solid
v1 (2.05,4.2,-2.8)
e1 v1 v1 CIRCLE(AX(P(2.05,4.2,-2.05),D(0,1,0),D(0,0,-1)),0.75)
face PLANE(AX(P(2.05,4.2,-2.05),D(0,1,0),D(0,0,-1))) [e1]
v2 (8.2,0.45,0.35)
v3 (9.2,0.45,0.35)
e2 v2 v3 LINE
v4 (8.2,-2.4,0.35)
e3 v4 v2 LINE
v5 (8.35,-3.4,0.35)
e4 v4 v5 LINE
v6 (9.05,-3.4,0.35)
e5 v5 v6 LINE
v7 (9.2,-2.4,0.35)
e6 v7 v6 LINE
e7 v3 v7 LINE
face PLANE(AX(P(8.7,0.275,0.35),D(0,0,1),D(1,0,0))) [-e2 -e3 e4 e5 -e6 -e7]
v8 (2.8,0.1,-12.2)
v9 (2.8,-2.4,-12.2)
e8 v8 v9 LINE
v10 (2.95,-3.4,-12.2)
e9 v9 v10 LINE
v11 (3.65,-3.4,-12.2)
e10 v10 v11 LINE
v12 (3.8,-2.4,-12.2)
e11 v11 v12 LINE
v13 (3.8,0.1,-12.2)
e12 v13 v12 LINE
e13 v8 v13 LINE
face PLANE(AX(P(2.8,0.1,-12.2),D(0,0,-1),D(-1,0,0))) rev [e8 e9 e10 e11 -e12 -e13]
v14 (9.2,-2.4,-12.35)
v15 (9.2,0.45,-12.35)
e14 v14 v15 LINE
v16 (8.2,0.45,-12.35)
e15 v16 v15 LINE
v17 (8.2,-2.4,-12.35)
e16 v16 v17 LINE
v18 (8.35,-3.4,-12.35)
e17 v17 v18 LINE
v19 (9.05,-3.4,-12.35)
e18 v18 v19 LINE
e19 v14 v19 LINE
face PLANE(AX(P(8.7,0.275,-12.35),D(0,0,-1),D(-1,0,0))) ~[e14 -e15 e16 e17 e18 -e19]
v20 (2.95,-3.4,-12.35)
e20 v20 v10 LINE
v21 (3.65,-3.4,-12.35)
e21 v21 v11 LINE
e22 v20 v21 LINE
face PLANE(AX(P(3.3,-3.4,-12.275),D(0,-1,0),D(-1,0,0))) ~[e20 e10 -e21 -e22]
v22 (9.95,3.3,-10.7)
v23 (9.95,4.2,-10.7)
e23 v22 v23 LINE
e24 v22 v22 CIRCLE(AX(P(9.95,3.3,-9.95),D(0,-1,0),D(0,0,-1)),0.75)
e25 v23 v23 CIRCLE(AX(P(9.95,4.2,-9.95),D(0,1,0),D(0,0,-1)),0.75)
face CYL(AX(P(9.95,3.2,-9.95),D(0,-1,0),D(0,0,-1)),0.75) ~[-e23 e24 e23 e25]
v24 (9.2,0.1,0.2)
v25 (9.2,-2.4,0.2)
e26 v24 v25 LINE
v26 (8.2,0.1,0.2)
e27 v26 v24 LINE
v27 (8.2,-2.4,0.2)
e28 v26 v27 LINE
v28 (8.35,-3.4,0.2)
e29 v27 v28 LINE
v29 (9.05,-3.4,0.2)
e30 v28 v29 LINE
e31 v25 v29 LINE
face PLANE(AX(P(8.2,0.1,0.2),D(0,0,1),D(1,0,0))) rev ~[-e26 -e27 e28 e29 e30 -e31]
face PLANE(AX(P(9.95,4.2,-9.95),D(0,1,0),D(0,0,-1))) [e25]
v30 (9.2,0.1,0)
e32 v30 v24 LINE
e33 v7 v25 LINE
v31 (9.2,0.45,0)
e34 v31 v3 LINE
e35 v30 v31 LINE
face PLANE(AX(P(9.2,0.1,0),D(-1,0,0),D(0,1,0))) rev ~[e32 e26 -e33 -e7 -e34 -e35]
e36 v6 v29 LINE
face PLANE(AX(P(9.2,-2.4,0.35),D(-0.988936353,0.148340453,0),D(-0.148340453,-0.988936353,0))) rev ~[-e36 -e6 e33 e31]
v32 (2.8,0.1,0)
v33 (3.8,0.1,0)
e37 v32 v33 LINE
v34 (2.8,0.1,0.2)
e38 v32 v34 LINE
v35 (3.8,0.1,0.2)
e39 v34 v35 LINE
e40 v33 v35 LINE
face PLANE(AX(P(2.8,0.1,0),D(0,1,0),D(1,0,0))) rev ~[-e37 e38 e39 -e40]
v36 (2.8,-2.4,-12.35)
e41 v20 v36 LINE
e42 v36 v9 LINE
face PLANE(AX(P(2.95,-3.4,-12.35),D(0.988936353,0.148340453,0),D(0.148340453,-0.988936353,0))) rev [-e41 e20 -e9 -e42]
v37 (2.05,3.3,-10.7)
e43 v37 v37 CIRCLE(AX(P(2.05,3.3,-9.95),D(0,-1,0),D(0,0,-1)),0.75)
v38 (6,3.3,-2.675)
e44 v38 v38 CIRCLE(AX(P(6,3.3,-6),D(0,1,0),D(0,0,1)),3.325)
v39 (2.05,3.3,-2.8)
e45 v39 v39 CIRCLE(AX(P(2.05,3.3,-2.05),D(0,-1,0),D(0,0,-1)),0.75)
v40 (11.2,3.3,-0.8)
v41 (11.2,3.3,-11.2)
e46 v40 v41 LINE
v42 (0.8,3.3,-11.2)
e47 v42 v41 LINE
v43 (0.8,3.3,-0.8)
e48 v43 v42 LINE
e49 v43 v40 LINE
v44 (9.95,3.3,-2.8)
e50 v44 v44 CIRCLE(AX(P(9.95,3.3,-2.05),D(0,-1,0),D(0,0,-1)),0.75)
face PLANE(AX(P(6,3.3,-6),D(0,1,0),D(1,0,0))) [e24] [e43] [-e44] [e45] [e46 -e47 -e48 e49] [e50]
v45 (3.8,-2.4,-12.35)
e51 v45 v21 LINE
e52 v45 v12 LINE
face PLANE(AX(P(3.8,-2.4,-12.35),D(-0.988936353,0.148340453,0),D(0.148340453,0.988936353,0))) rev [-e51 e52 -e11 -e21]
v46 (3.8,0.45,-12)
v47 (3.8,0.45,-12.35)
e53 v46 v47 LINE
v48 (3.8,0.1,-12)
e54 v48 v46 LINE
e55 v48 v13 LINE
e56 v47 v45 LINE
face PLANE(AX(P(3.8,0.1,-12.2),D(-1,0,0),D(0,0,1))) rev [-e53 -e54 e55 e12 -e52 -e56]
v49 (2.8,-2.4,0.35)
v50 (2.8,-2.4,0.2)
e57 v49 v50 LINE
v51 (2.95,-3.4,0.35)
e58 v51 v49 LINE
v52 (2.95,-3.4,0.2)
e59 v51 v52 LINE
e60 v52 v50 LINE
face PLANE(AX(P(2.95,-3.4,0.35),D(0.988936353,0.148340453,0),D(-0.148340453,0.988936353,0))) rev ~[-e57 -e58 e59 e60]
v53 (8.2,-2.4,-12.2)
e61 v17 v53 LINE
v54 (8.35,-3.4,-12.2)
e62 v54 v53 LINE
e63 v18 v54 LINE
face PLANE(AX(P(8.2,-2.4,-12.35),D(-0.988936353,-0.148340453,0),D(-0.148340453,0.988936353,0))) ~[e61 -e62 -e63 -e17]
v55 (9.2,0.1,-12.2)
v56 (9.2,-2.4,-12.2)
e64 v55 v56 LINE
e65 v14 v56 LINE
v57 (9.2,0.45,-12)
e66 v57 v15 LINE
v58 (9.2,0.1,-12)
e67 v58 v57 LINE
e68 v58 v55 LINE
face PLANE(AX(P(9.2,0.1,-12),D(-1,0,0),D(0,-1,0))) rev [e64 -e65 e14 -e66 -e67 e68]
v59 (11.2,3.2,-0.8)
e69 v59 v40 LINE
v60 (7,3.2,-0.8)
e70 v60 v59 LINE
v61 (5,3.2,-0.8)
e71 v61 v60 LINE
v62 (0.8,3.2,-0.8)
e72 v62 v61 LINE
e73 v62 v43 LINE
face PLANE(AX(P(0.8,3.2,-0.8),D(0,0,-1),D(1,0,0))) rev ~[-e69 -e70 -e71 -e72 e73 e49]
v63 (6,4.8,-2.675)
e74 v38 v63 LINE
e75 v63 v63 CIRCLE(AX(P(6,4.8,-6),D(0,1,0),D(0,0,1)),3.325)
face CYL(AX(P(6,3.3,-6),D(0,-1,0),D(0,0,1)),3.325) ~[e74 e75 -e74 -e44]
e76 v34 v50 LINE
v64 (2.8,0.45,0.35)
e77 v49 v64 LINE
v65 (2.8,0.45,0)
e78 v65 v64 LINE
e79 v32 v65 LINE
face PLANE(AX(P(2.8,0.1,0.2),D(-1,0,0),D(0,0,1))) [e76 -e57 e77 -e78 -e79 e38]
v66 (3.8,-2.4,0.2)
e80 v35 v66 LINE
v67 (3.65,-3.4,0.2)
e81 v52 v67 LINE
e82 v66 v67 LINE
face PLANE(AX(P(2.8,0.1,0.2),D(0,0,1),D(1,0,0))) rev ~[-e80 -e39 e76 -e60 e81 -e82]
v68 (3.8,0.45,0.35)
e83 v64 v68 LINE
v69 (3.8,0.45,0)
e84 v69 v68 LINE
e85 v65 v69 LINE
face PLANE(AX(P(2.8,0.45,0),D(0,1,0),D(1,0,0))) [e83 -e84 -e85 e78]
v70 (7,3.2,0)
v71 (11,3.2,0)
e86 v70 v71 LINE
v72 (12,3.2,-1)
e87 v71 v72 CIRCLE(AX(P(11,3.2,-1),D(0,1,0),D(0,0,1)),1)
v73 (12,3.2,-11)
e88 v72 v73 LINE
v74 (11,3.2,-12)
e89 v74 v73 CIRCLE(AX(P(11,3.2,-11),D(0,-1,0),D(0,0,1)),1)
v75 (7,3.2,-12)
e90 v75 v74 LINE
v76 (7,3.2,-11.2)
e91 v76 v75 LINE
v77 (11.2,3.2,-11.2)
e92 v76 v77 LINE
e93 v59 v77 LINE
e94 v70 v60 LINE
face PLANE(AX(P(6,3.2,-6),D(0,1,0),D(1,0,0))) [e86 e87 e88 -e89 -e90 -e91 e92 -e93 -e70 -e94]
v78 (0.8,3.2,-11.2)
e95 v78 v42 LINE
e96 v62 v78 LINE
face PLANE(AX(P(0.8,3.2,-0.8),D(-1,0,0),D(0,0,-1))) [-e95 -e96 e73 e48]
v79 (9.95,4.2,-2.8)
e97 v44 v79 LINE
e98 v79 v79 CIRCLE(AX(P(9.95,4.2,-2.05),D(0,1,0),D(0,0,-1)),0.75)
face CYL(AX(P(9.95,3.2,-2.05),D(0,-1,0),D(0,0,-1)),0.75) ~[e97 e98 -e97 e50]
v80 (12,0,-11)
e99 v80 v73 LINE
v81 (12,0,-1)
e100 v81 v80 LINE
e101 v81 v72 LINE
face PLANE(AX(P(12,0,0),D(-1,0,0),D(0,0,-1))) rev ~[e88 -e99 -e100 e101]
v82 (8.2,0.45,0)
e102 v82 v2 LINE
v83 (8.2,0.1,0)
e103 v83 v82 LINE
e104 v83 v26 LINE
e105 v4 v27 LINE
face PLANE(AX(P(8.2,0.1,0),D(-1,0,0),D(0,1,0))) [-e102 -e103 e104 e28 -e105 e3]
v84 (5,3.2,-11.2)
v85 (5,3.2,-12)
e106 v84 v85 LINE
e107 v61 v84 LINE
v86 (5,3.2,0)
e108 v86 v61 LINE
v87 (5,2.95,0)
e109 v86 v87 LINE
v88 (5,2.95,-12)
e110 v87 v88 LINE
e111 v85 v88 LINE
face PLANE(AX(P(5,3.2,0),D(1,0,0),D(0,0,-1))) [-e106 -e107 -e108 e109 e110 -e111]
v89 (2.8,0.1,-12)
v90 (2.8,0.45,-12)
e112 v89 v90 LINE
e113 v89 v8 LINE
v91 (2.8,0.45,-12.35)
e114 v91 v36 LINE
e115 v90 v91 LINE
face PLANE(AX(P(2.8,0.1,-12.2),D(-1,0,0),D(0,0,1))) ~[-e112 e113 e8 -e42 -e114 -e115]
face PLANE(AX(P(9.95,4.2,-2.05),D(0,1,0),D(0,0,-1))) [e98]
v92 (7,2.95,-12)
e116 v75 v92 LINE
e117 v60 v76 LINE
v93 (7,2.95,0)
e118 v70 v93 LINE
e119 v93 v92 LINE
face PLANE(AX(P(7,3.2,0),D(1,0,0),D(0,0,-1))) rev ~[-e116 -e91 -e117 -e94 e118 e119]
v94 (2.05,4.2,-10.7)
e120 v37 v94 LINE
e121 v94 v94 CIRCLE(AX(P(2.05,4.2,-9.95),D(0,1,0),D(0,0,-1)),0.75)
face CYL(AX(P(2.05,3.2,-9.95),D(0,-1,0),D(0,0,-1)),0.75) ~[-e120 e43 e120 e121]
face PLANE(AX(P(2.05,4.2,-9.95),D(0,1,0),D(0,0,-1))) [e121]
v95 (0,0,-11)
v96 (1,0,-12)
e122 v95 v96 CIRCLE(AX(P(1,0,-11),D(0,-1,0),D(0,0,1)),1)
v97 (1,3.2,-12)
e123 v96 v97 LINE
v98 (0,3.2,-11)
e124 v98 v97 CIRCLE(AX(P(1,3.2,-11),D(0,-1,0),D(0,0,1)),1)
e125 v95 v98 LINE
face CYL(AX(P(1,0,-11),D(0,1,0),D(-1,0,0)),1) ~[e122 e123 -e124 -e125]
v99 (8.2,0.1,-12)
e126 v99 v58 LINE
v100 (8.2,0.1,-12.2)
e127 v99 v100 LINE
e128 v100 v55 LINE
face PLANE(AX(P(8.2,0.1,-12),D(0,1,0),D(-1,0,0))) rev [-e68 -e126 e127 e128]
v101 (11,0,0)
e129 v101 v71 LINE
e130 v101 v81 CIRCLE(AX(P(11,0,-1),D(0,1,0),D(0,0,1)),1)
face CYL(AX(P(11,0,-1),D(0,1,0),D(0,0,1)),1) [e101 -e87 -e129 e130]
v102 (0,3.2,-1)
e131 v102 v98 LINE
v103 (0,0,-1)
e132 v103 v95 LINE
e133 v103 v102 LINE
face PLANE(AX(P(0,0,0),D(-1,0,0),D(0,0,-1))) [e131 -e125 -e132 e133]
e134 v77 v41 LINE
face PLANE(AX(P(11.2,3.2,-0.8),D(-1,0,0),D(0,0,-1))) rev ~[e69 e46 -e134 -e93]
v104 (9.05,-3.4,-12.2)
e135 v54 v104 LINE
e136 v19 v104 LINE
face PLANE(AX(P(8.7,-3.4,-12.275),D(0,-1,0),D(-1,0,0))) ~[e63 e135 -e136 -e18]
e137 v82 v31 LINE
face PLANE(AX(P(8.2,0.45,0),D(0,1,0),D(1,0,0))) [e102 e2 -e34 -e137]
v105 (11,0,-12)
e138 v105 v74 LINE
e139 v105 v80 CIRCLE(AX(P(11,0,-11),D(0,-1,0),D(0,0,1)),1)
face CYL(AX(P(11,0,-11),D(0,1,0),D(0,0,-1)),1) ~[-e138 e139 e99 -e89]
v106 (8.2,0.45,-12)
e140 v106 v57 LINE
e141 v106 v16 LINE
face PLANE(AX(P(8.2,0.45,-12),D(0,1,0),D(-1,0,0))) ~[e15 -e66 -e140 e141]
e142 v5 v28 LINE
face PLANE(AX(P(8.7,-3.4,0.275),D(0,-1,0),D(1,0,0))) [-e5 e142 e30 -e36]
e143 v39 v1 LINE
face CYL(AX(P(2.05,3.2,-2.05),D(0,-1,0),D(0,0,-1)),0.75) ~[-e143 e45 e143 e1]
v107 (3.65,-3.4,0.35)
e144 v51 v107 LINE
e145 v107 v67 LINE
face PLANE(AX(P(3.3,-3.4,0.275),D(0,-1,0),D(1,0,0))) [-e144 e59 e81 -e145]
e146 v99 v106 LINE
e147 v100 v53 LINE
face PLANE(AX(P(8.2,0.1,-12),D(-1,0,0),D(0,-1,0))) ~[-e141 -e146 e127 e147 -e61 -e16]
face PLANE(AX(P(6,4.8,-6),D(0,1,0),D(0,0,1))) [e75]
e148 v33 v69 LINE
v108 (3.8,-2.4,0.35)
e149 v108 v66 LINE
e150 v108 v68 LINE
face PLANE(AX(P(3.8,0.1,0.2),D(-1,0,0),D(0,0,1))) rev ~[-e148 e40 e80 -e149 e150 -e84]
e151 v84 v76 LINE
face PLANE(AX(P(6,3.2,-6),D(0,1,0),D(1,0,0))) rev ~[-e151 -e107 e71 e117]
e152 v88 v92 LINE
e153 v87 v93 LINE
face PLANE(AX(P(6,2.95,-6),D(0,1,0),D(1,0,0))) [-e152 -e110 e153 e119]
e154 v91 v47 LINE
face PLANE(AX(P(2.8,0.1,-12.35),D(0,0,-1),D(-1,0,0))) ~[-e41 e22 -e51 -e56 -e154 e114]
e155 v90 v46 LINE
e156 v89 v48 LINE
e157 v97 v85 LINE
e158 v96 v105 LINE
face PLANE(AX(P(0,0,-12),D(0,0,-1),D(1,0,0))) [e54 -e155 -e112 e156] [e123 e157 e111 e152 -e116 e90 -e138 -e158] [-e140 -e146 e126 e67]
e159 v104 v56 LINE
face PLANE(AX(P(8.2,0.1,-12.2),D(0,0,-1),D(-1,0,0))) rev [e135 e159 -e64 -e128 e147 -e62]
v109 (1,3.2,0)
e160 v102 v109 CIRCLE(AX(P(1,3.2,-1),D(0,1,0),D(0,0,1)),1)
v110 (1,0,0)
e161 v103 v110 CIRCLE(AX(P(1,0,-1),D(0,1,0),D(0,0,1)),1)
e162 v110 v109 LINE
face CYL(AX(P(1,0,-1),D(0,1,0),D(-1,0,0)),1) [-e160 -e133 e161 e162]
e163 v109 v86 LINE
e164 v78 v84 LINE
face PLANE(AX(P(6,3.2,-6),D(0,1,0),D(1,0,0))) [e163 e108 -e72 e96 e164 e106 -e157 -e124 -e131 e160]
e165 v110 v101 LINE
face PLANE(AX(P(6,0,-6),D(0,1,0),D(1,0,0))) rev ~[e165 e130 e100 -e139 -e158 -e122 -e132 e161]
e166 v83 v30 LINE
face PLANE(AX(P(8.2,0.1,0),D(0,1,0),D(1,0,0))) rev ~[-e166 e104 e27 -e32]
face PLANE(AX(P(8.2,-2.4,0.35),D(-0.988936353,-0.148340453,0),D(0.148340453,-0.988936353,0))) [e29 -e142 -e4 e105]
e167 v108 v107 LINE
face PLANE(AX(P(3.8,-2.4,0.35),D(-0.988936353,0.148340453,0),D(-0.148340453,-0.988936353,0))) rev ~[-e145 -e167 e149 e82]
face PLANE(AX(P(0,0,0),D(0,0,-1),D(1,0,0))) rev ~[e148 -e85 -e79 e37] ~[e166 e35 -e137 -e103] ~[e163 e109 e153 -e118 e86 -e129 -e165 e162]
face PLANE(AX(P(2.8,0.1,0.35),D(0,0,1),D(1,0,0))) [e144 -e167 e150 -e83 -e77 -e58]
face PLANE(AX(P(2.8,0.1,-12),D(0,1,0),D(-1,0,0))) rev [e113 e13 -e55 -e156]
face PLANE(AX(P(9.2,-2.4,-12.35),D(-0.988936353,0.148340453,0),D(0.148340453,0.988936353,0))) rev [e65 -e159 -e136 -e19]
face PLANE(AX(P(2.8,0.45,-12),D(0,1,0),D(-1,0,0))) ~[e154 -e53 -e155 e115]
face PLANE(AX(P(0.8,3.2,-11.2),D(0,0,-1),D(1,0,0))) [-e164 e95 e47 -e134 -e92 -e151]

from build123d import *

# Parameters (mm, degrees)
SKETCH1_W           = 12
SKETCH1_H           = 12
BOSS_EXTRUDE1_DEPTH = 3.2
SKETCH2_R           = 0.75
BOSS_EXTRUDE2_DEPTH = 1
SKETCH3_W           = 10.4
SKETCH3_H           = 10.4
BOSS_EXTRUDE3_DEPTH = 0.1
SKETCH4_R           = 3.325
BOSS_EXTRUDE4_DEPTH = 1.5
FILLET1_R           = 1
SKETCH5_W           = 2
SKETCH5_H           = 12
CUT_EXTRUDE1_DEPTH  = 0.25
SKETCH6_W           = 1
SKETCH6_H           = 0.35
BOSS_EXTRUDE5_DEPTH = 0.35
SKETCH7_W           = 1
SKETCH7_H           = 0.15
BOSS_EXTRUDE6_DEPTH = 3.5
CUT_EXTRUDE4_DEPTH  = 18.876311141


with BuildPart() as part:
    # Sketch1 → Boss-Extrude1 (new body)
    with BuildSketch(Plane(origin=(0, 0, 0), x_dir=(1, 0, 0), z_dir=(0, 1, 0))):
        with Locations((6, 6)):
            Rectangle(SKETCH1_W, SKETCH1_H)
    extrude(amount=BOSS_EXTRUDE1_DEPTH)

    # Sketch2 → Boss-Extrude2 (add)
    with BuildSketch(Plane(origin=(0, 3.2, 0), x_dir=(1, 0, 0), z_dir=(0, 1, 0))):
        with Locations((2.05, 9.95)):
            Circle(SKETCH2_R)
        with Locations((9.95, 9.95)):
            Circle(SKETCH2_R)
        with Locations((2.05, 2.05)):
            Circle(SKETCH2_R)
        with Locations((9.95, 2.05)):
            Circle(SKETCH2_R)
    extrude(amount=BOSS_EXTRUDE2_DEPTH)

    # Sketch3 → Boss-Extrude3 (add)
    with BuildSketch(Plane(origin=(0, 3.2, 0), x_dir=(1, 0, 0), z_dir=(0, 1, 0))):
        with Locations((6, 6)):
            Rectangle(SKETCH3_W, SKETCH3_H)
    extrude(amount=BOSS_EXTRUDE3_DEPTH)

    # Sketch4 → Boss-Extrude4 (add)
    with BuildSketch(Plane(origin=(0, 3.3, 0), x_dir=(1, 0, 0), z_dir=(0, 1, 0))):
        with Locations((6, 6)):
            Circle(SKETCH4_R)
    extrude(amount=BOSS_EXTRUDE4_DEPTH)

    # Fillet1
    fillet1_edges = [part.edges().sort_by_distance(p)[0] for p in [
        (0, 1.6, -12),
        (0, 1.6, 0),
        (12, 1.6, 0),
        (12, 1.6, -12),
    ]]
    fillet(fillet1_edges, radius=FILLET1_R)

    # Sketch5 → Cut-Extrude1 (cut)
    with BuildSketch(Plane(origin=(0, 3.2, 0), x_dir=(1, 0, 0), z_dir=(0, 1, 0))):
        with Locations((6, 6)):
            Rectangle(SKETCH5_W, SKETCH5_H)
    extrude(amount=-CUT_EXTRUDE1_DEPTH, mode=Mode.SUBTRACT)

    # Sketch6 → Boss-Extrude5 (add)
    with BuildSketch(Plane.XY):
        with Locations((3.3, 0.275)):
            Rectangle(SKETCH6_W, SKETCH6_H)
        with Locations((8.7, 0.275)):
            Rectangle(SKETCH6_W, SKETCH6_H)
    boss_extrude5 = extrude(amount=BOSS_EXTRUDE5_DEPTH)

    # Sketch7 → Boss-Extrude6 (add)
    with BuildSketch(Plane.XZ.offset(-0.1)):
        with Locations((3.3, 0.275)):
            Rectangle(SKETCH7_W, SKETCH7_H)
        with Locations((8.7, 0.275)):
            Rectangle(SKETCH7_W, SKETCH7_H)
    boss_extrude6 = extrude(amount=BOSS_EXTRUDE6_DEPTH)

    # Sketch8 → Cut-Extrude4 (cut, through all)
    with BuildSketch(Plane.XY.offset(0.35)):
        Polygon((3.8, -2.4), (3.65, -3.4), (3.8, -3.4), align=None)
        Polygon((2.95, -3.4), (2.8, -2.4), (2.8, -3.4), align=None)
        Polygon((8.35, -3.4), (8.2, -2.4), (8.2, -3.4), align=None)
        Polygon((9.2, -3.4), (9.2, -2.4), (9.05, -3.4), align=None)
    cut_extrude4 = extrude(amount=-CUT_EXTRUDE4_DEPTH, mode=Mode.SUBTRACT)

    # Mirror1: Boss-Extrude5, Boss-Extrude6, Cut-Extrude4 across plane
    add(boss_extrude5.mirror(Plane.XY.offset(-6)))
    add(boss_extrude6.mirror(Plane.XY.offset(-6)))
    add(cut_extrude4.mirror(Plane.XY.offset(-6)), mode=Mode.SUBTRACT)


solid = part.part
